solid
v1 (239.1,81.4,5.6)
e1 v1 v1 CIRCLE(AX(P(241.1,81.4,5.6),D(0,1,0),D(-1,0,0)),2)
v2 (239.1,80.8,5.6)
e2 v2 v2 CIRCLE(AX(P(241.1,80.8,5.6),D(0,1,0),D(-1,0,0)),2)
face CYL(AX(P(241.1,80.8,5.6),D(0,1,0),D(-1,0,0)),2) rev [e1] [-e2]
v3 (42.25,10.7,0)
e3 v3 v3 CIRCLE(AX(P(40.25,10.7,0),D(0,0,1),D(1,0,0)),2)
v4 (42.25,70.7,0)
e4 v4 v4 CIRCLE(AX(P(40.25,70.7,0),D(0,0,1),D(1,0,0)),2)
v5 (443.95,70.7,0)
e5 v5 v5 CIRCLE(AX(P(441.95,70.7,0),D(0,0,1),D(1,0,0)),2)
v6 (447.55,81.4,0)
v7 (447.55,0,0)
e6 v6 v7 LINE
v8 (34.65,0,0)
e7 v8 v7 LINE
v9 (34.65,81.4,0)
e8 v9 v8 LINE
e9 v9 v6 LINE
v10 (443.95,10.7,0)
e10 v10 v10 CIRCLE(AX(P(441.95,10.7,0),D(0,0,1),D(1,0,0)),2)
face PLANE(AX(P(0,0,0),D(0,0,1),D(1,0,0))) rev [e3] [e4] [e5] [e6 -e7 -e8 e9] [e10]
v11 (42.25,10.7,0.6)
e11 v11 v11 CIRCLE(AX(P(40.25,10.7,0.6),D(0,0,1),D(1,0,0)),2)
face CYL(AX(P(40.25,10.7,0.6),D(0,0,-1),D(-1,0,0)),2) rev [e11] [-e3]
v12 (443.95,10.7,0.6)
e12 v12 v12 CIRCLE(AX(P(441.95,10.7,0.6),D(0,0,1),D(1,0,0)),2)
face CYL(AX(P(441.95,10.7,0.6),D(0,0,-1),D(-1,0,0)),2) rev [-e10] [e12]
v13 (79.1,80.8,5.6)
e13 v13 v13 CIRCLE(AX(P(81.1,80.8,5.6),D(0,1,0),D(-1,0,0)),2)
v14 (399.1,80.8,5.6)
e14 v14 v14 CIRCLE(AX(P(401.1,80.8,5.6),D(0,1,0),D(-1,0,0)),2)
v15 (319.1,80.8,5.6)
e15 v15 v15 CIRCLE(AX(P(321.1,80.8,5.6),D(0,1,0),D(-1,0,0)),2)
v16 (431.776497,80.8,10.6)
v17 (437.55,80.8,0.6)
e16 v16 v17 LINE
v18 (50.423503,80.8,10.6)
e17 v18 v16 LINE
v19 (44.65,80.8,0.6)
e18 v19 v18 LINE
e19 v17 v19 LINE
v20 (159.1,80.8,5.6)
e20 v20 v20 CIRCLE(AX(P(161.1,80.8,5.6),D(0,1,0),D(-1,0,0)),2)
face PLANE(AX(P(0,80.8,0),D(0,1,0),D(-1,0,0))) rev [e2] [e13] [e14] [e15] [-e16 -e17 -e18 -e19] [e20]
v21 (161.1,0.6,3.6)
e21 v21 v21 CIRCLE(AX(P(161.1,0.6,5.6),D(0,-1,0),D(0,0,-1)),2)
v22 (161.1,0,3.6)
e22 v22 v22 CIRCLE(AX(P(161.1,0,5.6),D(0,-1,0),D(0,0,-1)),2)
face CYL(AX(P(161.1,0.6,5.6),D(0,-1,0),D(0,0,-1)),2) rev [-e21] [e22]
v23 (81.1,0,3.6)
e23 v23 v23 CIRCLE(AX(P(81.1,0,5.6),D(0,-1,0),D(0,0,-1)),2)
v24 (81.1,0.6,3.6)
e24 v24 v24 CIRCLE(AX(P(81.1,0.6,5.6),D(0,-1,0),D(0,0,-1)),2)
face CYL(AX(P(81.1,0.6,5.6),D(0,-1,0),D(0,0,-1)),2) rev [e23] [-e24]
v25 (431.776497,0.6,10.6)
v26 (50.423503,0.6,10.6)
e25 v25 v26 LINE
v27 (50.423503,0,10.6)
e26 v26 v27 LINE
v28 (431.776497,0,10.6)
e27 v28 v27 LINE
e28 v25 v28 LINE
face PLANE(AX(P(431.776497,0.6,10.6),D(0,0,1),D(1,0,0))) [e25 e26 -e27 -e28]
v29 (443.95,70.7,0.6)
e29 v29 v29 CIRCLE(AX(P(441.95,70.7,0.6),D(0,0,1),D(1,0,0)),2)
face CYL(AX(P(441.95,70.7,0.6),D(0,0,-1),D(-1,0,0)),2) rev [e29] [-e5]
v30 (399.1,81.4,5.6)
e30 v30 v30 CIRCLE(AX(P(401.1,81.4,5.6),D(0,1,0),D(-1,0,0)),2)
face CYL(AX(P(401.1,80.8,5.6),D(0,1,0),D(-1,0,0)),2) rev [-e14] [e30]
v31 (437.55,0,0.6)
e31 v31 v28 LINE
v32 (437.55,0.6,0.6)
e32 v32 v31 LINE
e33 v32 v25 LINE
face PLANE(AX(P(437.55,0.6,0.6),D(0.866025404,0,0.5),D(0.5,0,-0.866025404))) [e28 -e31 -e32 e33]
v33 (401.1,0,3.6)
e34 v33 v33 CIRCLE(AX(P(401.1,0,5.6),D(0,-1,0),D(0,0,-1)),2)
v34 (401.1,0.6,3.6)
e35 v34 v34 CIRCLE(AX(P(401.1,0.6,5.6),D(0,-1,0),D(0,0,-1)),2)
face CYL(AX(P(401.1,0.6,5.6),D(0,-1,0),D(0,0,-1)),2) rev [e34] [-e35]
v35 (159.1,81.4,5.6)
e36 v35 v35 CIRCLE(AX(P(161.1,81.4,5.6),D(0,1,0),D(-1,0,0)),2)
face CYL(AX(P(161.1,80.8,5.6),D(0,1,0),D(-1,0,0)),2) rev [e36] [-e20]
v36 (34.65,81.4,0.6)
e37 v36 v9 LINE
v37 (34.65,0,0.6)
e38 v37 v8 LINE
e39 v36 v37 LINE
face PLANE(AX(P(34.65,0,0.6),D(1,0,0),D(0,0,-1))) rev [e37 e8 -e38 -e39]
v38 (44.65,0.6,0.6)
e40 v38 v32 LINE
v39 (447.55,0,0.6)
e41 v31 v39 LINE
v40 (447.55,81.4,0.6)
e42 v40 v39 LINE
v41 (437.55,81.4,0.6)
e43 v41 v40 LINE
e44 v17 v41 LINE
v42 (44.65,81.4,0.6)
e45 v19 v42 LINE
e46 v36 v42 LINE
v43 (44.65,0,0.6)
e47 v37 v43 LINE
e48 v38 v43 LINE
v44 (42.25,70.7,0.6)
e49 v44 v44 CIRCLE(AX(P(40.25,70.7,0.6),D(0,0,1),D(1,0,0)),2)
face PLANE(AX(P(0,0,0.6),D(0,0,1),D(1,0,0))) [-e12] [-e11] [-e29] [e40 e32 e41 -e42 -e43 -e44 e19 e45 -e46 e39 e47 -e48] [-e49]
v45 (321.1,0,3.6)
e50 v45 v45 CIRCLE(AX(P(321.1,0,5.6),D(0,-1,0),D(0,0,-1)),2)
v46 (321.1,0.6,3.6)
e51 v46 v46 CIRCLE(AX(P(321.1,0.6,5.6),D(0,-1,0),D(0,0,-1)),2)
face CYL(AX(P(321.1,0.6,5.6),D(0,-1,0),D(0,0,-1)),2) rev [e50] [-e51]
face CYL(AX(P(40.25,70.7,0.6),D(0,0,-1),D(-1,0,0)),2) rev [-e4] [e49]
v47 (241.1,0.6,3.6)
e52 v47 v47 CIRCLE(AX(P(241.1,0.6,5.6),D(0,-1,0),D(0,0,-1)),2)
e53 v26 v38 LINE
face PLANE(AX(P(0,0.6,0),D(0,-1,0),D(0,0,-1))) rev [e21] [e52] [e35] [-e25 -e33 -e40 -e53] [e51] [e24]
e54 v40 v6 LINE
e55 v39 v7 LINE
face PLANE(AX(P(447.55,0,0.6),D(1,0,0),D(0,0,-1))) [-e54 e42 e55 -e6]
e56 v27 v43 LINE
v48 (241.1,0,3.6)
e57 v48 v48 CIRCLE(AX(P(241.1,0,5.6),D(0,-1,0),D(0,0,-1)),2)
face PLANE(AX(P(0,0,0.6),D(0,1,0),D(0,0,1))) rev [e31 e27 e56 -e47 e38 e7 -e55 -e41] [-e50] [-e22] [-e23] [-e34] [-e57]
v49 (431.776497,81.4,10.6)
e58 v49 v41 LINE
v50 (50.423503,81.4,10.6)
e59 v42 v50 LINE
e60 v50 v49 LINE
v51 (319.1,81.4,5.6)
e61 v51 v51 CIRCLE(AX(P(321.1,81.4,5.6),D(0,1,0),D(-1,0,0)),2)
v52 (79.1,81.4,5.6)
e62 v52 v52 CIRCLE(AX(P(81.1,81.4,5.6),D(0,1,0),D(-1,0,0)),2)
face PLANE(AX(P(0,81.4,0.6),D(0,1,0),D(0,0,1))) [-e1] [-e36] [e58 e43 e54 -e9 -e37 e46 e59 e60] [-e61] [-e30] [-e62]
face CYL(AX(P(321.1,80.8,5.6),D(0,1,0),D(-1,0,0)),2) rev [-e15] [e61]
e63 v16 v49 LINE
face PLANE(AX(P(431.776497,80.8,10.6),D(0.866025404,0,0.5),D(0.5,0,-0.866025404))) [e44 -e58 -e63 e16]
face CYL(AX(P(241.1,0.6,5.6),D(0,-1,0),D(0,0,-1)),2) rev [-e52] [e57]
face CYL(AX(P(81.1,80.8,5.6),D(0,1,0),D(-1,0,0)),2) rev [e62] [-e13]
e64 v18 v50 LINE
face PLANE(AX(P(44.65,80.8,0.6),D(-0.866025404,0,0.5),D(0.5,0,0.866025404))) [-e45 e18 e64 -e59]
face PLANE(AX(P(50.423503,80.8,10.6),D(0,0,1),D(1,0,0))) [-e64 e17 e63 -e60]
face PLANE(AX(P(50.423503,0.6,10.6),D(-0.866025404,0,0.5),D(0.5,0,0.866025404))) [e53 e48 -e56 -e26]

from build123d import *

# Parameters (mm, degrees)
SKETCH_1_W      = 412.9
SKETCH_1_H      = 81.4
SKETCH_1_R      = 2
EXTRUDE_1_DEPTH = 0.6
SKETCH_2_R      = 2
EXTRUDE_2_DEPTH = 0.6
EXTRUDE_START   = -0.6
SKETCH_3_R      = 2
EXTRUDE_3_DEPTH = 0.6


with BuildPart() as part:
    # Эскиз1 → Бобышка-Вытянуть1 (new body)
    with BuildSketch(Plane.XY):
        with Locations((241.1, 40.7)):
            Rectangle(SKETCH_1_W, SKETCH_1_H)
        with Locations((40.25, 10.7)):
            Circle(SKETCH_1_R, mode=Mode.SUBTRACT)
        with Locations((441.95, 10.7)):
            Circle(SKETCH_1_R, mode=Mode.SUBTRACT)
        with Locations((40.25, 70.7)):
            Circle(SKETCH_1_R, mode=Mode.SUBTRACT)
        with Locations((441.95, 70.7)):
            Circle(SKETCH_1_R, mode=Mode.SUBTRACT)
    extrude(amount=EXTRUDE_1_DEPTH)

    # Эскиз2 → Бобышка-Вытянуть2 (add)
    with BuildSketch(Plane(origin=(0, 81.4, 0), x_dir=(1, 0, 0), z_dir=(0, 1, 0))):
        Polygon((44.65, -0.6), (50.423502692, -10.6), (431.776497308, -10.6), (437.55, -0.6), align=None)
        with Locations(Location((401.1, -5.6, 0), (0, 0, 180))):
            Circle(SKETCH_2_R, mode=Mode.SUBTRACT)
        with Locations(Location((321.1, -5.6, 0), (0, 0, 180))):
            Circle(SKETCH_2_R, mode=Mode.SUBTRACT)
        with Locations(Location((241.1, -5.6, 0), (0, 0, 180))):
            Circle(SKETCH_2_R, mode=Mode.SUBTRACT)
        with Locations(Location((161.1, -5.6, 0), (0, 0, 180))):
            Circle(SKETCH_2_R, mode=Mode.SUBTRACT)
        with Locations(Location((81.1, -5.6, 0), (0, 0, 180))):
            Circle(SKETCH_2_R, mode=Mode.SUBTRACT)
    extrude(amount=-EXTRUDE_2_DEPTH)

    # Эскиз3 → Бобышка-Вытянуть3 (add)
    with BuildSketch(Plane.XZ.offset(EXTRUDE_START)):
        Polygon((44.65, 0.6), (437.55, 0.6), (431.776497308, 10.6), (50.423502692, 10.6), align=None)
        with Locations(Location((401.1, 5.6, 0), (0, 0, 180))):
            Circle(SKETCH_3_R, mode=Mode.SUBTRACT)
        with Locations(Location((321.1, 5.6, 0), (0, 0, 180))):
            Circle(SKETCH_3_R, mode=Mode.SUBTRACT)
        with Locations(Location((241.1, 5.6, 0), (0, 0, 180))):
            Circle(SKETCH_3_R, mode=Mode.SUBTRACT)
        with Locations(Location((161.1, 5.6, 0), (0, 0, 180))):
            Circle(SKETCH_3_R, mode=Mode.SUBTRACT)
        with Locations(Location((81.1, 5.6, 0), (0, 0, 180))):
            Circle(SKETCH_3_R, mode=Mode.SUBTRACT)
    extrude(amount=EXTRUDE_3_DEPTH)


solid = part.part
